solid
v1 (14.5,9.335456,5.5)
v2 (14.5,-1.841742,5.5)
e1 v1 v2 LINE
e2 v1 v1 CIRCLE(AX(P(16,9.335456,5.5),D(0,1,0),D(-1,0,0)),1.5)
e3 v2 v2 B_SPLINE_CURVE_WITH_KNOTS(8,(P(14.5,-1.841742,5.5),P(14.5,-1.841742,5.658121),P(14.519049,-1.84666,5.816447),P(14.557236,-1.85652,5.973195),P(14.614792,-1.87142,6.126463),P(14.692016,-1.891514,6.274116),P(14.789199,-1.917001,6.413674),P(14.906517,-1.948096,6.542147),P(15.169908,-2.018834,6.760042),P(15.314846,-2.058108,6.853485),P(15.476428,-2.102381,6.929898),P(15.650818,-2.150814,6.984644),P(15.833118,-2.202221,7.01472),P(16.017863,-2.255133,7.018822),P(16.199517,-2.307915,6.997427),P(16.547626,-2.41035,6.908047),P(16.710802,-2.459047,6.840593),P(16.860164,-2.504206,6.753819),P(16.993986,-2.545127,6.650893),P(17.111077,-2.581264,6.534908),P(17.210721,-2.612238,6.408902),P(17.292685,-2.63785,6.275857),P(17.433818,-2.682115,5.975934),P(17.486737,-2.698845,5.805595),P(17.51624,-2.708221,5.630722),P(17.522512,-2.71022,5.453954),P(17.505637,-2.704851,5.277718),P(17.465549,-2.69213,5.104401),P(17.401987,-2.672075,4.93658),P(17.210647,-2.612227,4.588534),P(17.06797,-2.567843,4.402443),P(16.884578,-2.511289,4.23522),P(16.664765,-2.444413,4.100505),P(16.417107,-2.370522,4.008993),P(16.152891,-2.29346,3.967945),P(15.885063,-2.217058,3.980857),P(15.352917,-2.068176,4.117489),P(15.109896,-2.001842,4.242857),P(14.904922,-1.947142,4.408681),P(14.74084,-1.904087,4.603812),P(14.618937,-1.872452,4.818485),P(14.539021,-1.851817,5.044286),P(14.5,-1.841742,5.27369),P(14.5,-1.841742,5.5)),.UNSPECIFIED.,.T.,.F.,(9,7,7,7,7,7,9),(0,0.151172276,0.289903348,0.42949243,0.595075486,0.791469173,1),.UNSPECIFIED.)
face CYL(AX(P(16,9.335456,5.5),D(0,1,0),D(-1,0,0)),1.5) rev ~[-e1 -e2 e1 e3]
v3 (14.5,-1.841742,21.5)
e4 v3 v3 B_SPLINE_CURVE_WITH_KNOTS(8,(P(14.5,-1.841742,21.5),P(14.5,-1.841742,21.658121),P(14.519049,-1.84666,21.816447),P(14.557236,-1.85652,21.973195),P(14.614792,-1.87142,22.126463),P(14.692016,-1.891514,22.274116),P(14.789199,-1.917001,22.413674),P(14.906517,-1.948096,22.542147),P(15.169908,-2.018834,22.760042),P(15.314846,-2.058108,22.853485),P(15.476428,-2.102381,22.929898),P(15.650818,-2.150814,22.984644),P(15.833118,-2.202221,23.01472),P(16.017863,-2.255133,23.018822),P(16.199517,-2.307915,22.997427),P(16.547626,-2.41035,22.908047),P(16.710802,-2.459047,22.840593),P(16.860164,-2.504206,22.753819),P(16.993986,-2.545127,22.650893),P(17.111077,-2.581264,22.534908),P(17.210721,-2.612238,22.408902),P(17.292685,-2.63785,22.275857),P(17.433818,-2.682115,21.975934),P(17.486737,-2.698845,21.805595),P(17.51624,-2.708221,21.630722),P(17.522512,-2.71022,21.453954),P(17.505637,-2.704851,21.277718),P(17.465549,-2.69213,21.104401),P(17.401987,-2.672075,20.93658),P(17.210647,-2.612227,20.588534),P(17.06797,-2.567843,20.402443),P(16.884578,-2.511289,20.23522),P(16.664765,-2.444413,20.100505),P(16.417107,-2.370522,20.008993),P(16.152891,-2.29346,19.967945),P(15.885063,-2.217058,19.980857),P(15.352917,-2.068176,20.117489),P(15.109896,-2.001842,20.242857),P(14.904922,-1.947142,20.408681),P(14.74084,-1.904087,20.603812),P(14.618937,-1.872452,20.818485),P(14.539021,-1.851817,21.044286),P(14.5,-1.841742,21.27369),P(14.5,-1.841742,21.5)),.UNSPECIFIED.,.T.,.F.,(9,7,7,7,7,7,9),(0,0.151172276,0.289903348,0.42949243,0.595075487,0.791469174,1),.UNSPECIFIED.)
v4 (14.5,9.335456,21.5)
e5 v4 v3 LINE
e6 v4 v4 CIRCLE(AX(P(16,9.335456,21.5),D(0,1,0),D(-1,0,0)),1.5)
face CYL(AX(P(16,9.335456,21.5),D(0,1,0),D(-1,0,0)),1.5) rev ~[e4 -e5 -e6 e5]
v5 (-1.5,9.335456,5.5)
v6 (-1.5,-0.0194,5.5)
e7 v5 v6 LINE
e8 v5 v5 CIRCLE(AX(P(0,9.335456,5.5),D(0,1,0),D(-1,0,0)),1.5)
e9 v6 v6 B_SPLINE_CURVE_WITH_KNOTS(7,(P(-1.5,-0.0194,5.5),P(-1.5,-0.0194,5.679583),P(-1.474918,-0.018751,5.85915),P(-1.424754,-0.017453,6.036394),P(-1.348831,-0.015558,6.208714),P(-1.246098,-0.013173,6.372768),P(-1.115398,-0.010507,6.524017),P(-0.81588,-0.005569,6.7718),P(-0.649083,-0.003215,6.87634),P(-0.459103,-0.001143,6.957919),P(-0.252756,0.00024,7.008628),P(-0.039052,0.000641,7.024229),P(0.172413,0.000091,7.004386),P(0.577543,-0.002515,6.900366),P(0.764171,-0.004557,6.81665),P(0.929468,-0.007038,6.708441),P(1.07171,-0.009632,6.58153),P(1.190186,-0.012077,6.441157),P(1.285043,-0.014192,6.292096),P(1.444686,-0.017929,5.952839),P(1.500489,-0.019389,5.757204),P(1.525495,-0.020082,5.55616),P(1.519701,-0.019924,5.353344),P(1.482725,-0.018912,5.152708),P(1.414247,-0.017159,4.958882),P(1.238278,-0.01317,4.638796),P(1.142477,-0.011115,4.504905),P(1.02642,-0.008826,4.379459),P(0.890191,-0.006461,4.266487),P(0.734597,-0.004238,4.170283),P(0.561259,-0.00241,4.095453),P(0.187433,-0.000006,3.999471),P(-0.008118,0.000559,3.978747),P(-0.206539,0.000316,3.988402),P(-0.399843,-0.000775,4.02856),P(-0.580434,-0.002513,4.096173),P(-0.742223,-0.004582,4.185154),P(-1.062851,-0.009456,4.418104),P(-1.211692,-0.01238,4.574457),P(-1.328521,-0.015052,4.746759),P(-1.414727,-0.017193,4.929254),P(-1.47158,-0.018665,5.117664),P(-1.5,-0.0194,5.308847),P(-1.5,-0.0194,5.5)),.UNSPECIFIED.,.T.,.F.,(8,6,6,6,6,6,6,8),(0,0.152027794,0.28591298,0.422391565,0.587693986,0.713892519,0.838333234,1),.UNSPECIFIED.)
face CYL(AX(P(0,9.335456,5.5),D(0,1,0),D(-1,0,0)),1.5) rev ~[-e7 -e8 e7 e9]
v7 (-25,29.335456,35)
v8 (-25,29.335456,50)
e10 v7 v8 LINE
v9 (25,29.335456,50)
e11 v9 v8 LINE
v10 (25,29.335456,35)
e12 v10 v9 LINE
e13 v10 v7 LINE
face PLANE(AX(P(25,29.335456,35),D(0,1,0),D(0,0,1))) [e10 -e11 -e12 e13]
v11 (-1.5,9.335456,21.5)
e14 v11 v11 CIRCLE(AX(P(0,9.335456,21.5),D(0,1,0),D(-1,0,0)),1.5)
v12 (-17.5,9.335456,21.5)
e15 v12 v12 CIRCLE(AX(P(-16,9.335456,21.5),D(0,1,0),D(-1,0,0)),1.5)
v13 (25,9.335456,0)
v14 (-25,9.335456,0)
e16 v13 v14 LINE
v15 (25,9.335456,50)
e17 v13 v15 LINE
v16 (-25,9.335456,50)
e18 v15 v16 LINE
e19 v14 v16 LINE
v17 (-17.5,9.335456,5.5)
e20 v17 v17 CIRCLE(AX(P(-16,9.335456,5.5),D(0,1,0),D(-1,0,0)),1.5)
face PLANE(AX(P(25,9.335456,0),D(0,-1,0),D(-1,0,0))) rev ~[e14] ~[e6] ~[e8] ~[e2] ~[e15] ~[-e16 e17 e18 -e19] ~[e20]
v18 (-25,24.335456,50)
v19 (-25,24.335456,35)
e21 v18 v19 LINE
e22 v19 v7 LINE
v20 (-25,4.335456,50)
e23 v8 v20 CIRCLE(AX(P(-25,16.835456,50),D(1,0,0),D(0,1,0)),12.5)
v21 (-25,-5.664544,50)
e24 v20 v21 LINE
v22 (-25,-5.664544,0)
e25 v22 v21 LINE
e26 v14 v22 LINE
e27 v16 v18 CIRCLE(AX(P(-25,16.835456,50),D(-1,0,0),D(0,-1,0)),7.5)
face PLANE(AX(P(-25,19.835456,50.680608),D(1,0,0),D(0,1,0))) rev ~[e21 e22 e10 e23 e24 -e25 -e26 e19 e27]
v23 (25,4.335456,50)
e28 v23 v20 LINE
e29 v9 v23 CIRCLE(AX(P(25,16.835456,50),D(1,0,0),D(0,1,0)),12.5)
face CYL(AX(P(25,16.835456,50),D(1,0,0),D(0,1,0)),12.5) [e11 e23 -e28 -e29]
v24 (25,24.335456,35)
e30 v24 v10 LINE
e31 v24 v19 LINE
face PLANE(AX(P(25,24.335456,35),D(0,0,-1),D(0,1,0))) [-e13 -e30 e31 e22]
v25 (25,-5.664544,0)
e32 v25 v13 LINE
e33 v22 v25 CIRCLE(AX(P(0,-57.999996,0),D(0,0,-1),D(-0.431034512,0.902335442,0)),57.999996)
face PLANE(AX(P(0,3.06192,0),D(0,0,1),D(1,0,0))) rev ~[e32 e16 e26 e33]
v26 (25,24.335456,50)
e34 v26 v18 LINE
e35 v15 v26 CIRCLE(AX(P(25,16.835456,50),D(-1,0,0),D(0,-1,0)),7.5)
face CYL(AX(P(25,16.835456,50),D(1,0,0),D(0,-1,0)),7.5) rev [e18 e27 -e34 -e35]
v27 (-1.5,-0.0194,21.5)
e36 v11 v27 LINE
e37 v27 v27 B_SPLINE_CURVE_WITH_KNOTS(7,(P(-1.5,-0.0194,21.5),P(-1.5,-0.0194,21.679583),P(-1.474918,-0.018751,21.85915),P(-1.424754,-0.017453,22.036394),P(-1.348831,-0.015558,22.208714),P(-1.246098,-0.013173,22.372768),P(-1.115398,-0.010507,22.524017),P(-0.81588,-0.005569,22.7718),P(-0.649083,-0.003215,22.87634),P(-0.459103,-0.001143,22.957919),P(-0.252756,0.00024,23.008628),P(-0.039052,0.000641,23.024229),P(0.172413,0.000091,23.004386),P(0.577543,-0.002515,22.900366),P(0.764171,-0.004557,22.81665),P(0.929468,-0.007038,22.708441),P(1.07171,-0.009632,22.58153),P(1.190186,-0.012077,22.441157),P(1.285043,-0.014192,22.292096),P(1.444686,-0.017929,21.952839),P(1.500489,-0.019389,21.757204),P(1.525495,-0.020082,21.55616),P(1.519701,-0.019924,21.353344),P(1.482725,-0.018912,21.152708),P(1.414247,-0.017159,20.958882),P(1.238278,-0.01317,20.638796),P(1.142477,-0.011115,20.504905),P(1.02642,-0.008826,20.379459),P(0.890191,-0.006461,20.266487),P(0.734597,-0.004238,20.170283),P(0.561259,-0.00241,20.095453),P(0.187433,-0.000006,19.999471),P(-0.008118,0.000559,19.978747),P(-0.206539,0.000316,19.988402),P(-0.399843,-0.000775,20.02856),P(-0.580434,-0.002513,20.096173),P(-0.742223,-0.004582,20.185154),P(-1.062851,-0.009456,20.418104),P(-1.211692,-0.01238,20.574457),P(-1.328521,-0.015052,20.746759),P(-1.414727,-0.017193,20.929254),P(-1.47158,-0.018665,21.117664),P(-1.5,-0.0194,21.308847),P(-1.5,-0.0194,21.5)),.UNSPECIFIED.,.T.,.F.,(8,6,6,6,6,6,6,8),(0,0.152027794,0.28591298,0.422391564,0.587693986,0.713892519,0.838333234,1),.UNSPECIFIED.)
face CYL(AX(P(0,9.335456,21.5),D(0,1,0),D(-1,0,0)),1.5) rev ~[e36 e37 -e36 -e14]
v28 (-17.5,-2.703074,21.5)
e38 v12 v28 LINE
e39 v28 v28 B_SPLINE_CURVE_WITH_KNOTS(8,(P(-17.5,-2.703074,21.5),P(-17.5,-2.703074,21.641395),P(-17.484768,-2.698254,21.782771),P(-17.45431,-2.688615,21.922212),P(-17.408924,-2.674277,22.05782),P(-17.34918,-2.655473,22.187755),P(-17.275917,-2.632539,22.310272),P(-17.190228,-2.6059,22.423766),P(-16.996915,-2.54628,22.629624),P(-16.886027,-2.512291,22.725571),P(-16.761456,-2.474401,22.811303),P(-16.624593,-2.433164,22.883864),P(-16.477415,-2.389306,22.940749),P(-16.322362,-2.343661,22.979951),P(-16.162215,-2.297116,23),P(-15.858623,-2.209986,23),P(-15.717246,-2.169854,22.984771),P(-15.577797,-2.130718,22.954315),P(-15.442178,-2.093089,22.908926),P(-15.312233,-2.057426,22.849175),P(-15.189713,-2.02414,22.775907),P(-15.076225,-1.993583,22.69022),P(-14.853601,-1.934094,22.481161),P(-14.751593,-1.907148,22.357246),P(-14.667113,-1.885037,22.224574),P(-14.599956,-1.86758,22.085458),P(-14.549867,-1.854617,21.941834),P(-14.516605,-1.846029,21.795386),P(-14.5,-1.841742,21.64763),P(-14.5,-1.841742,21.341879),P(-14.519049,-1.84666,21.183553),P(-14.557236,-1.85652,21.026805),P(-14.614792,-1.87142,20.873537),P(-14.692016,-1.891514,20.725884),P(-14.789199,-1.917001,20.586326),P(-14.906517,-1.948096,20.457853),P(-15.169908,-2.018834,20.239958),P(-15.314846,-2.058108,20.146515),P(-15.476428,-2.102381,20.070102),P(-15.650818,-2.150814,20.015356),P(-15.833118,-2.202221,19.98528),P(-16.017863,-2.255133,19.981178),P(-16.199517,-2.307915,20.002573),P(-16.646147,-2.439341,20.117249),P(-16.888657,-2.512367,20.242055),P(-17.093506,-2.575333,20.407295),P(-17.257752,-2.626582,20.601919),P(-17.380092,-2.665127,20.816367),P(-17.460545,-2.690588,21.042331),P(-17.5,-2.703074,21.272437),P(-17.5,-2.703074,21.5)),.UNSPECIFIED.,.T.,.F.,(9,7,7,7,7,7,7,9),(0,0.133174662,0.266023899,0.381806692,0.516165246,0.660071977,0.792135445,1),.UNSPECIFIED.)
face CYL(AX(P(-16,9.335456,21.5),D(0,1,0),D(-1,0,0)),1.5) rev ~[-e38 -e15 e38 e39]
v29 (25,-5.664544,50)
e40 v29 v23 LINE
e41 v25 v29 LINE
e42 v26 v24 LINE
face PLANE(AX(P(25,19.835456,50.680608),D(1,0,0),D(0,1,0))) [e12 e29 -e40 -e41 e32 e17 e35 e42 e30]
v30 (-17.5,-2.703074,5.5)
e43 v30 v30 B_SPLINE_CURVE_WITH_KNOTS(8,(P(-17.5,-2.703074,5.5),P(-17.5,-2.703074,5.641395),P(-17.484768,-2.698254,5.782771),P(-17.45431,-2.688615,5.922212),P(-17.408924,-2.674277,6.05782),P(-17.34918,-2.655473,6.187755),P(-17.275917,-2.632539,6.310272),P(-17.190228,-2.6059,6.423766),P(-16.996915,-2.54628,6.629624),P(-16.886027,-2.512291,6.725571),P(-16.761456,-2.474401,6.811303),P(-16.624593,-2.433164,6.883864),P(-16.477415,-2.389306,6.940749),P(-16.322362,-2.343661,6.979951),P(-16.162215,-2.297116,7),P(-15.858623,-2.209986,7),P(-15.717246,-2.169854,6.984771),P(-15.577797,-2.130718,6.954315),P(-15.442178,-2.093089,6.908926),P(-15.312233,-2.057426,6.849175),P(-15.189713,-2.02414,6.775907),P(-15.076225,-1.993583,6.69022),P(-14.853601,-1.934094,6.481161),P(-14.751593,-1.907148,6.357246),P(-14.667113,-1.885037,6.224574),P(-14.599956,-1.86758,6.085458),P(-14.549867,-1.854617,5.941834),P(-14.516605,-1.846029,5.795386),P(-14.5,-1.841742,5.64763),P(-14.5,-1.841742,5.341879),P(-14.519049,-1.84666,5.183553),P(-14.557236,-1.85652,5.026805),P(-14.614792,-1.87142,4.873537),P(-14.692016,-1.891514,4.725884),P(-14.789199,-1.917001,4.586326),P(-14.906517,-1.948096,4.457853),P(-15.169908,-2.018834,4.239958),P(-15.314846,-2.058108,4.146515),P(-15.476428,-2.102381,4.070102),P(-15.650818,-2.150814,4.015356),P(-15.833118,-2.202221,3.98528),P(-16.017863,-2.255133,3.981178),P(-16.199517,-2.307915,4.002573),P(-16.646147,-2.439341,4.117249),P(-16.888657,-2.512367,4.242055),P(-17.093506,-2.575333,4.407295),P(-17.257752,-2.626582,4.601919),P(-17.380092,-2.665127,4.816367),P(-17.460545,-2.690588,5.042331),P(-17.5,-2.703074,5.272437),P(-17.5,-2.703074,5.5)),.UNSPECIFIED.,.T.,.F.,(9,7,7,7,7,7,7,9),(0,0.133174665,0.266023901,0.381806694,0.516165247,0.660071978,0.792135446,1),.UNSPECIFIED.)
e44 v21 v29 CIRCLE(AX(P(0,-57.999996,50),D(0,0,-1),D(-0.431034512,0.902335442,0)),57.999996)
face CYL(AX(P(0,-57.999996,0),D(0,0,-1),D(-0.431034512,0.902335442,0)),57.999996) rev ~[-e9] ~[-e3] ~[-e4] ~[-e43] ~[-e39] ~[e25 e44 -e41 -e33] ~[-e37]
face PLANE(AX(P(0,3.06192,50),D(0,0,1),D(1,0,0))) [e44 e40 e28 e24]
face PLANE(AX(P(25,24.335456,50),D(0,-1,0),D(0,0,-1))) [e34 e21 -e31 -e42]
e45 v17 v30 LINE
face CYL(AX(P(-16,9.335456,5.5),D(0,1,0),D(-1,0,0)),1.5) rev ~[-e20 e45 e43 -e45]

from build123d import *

# Parameters (mm, degrees)
F1_DEPTH = 50
F3_DEPTH = 50
F4_R     = 1.5
F5_DEPTH = 15.001


with BuildPart() as f1:
    # F0 (on Top) → F1 (new body)
    with BuildSketch(Plane.XY):
        with BuildLine():
            ThreePointArc((-25, -5.664544), (0, 0), (25, -5.664544))
            Line((25, -5.664544), (25, 9.335456))
            Line((25, 9.335456), (-25, 9.335456))
            Line((-25, 9.335456), (-25, -5.664544))
        make_face()
    extrude(amount=F1_DEPTH)

    # F2 (on face) → F3 (join, through all)
    with BuildSketch(Plane.YZ.offset(25)):
        with BuildLine():
            ThreePointArc((9.335456, 50), (16.835456, 57.5), (24.335456, 50))
            Line((24.335456, 50), (24.335456, 35))
            Line((24.335456, 35), (29.335456, 35))
            Line((29.335456, 35), (29.335456, 50))
            ThreePointArc((29.335456, 50), (16.835456, 62.5), (4.335456, 50))
            Line((4.335456, 50), (9.335456, 50))
        make_face()
    extrude(amount=-F3_DEPTH)

    # F4 (on face) → F5 (cut, through all)
    with BuildSketch(Plane(origin=(0, 9.335456, 0), x_dir=(-1, 0, 0), z_dir=(0, 1, 0))):
        with Locations((-16, 21.5)):
            Circle(F4_R)
        with Locations((0, 21.5)):
            Circle(F4_R)
        with Locations((16, 21.5)):
            Circle(F4_R)
        with Locations((16, 5.5)):
            Circle(F4_R)
        with Locations((0, 5.5)):
            Circle(F4_R)
        with Locations((-16, 5.5)):
            Circle(F4_R)
    extrude(amount=-F5_DEPTH, mode=Mode.SUBTRACT)


solid = f1.part
